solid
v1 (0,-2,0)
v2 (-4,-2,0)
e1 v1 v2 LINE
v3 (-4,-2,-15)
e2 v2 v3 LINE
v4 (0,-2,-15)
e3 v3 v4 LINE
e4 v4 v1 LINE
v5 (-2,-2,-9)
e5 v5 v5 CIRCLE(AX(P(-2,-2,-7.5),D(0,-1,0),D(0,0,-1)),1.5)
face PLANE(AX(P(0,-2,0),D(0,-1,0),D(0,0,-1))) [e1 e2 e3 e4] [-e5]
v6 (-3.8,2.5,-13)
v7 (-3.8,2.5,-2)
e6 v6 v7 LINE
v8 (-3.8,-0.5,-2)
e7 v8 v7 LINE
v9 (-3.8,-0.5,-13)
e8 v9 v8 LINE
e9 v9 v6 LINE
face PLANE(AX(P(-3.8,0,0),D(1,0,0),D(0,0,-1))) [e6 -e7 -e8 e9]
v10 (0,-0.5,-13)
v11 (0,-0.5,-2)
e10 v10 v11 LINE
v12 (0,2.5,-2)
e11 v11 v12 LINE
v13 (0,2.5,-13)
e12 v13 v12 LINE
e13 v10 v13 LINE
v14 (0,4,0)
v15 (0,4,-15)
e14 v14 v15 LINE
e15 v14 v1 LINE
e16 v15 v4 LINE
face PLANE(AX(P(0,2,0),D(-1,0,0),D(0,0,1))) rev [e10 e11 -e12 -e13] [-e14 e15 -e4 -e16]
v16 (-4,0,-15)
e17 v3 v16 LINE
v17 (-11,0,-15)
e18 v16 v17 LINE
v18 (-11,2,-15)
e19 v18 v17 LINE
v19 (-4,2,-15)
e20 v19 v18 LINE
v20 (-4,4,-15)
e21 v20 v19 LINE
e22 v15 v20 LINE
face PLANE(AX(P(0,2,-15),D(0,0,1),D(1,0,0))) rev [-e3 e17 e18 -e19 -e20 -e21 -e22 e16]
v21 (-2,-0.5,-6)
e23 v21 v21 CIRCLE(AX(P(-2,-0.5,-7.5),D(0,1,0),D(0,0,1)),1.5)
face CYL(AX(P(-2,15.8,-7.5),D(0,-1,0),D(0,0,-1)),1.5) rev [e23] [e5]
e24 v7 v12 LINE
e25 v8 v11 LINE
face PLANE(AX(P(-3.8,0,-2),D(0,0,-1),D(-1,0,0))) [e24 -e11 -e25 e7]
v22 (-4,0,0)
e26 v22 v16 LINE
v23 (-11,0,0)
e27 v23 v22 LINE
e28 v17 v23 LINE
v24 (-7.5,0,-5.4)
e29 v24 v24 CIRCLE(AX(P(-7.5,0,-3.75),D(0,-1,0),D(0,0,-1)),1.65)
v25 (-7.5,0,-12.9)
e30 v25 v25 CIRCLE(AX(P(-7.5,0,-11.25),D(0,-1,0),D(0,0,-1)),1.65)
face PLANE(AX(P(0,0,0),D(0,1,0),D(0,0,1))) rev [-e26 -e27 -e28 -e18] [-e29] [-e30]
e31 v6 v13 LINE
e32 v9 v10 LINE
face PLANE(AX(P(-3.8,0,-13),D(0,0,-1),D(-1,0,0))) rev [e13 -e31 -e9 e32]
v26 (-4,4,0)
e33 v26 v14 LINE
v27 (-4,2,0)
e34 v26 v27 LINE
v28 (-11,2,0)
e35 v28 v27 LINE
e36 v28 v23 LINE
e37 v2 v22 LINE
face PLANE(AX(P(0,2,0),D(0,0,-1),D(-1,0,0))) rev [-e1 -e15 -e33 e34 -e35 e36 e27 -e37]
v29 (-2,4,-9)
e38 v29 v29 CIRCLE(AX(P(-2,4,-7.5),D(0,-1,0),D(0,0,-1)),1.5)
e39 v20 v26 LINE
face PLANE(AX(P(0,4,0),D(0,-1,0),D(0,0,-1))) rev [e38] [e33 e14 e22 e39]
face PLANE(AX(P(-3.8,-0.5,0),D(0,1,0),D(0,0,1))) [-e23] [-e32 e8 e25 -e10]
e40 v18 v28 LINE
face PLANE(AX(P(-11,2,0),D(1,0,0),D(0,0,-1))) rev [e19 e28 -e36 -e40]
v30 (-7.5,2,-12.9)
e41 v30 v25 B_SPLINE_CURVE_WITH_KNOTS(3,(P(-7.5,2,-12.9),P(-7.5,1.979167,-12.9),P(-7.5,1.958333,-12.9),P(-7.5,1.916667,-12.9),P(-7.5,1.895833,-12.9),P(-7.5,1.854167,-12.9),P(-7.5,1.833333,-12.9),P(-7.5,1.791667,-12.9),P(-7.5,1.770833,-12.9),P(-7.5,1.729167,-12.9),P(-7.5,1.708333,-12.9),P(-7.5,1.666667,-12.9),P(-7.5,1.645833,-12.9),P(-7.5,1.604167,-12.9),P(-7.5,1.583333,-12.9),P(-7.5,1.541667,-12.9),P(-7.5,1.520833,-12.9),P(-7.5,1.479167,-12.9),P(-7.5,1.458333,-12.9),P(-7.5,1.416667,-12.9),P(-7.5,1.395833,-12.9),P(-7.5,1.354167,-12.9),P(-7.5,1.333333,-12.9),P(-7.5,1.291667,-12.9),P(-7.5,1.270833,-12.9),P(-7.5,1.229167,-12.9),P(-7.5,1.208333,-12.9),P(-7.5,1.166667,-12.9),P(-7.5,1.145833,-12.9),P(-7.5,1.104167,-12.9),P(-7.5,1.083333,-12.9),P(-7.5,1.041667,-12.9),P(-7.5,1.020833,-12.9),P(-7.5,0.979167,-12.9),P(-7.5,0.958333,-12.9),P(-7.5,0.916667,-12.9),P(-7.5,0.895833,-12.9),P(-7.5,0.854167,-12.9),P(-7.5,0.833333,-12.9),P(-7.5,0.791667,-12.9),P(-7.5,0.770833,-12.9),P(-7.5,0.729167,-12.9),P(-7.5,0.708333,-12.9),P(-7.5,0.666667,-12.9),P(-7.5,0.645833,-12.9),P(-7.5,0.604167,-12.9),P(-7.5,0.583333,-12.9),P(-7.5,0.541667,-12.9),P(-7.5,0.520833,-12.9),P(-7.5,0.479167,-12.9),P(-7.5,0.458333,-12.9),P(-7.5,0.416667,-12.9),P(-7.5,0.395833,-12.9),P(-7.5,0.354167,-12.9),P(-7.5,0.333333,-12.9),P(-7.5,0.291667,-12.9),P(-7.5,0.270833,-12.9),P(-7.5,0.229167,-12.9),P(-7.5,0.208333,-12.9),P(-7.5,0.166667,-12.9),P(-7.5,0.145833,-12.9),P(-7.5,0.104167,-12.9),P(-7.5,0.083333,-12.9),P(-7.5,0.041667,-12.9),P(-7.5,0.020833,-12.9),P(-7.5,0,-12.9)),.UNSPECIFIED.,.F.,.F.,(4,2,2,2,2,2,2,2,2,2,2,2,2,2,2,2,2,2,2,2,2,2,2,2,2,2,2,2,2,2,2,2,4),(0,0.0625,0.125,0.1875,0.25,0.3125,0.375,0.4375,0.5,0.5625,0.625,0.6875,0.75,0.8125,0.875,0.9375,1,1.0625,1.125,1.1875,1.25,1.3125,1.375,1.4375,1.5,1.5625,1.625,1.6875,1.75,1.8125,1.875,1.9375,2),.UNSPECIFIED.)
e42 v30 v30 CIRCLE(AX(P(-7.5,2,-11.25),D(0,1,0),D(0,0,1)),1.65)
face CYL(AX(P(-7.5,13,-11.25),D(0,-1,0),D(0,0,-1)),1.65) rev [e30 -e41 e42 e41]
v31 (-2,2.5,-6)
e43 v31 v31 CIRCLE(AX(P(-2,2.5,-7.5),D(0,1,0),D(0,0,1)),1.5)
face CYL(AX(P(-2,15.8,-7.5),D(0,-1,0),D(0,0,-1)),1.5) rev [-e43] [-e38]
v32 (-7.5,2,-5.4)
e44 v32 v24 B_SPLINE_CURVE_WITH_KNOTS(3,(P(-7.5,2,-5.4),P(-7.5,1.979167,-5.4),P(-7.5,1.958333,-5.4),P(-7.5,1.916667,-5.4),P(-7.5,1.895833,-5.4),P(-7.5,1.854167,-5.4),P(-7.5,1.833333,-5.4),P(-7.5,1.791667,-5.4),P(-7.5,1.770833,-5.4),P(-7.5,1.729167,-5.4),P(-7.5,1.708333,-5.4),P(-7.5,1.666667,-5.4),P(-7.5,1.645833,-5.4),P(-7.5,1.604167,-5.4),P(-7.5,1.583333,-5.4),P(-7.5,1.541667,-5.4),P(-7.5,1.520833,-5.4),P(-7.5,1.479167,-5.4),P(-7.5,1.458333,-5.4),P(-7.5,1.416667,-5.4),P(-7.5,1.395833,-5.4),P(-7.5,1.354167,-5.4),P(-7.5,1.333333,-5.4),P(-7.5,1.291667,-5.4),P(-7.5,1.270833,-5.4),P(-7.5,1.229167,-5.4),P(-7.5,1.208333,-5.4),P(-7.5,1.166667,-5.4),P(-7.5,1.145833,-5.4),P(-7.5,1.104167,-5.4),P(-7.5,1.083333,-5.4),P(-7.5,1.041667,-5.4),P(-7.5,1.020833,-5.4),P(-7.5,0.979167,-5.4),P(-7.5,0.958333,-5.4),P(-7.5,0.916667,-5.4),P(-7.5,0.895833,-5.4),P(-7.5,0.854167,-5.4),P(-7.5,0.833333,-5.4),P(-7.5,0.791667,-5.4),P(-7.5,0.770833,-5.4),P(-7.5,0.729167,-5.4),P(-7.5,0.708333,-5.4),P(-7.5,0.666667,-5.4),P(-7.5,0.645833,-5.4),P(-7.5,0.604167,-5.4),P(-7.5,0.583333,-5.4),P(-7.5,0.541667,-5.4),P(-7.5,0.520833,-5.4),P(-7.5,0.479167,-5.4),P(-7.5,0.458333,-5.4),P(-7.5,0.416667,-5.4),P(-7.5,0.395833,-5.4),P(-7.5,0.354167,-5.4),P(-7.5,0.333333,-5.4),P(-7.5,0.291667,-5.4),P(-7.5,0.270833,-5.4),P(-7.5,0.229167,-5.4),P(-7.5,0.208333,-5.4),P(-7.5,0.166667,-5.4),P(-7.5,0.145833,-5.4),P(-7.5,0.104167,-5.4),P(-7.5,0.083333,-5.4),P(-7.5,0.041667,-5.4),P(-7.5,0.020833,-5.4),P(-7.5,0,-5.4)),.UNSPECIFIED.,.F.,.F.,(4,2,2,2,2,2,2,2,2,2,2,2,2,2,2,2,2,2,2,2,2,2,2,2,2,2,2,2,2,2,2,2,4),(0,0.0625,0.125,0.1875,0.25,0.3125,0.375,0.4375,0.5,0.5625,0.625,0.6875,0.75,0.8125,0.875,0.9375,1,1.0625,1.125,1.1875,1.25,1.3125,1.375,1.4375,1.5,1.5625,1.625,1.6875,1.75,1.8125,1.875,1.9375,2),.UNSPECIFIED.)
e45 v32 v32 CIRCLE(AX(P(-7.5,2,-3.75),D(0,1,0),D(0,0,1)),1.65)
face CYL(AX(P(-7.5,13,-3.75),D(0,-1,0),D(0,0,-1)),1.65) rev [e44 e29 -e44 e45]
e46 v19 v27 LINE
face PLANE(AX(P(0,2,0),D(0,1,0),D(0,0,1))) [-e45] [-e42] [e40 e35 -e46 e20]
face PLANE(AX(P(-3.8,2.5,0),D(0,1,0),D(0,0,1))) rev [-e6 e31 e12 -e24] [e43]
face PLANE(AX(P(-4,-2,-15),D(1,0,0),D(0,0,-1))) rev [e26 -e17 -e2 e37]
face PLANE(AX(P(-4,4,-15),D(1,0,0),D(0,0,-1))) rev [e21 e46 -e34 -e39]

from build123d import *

# Parameters (mm, degrees)
SKETCH1_W           = 11
SKETCH1_H           = 15
BOSS_EXTRUDE3_DEPTH = 2
SKETCH2_W           = 4
SKETCH2_H           = 15
BOSS_EXTRUDE4_DEPTH = 2
SKETCH3_W           = 4
SKETCH3_H           = 15
BOSS_EXTRUDE5_DEPTH = 2
SKETCH4_R           = 1.65
CUT_EXTRUDE2_DEPTH  = 13
SKETCH6_W           = 11
SKETCH6_H           = 3
CUT_EXTRUDE4_DEPTH  = 3.8
SKETCH7_R           = 1.5
CUT_EXTRUDE5_DEPTH  = 17.8


with BuildPart() as part:
    # Sketch1 → Boss-Extrude3 (new body)
    with BuildSketch(Plane(origin=(0, 0, 0), x_dir=(1, 0, 0), z_dir=(0, 1, 0))):
        with Locations((-5.5, 7.5)):
            Rectangle(SKETCH1_W, SKETCH1_H)
    extrude(amount=BOSS_EXTRUDE3_DEPTH)

    # Sketch2 → Boss-Extrude4 (add)
    with BuildSketch(Plane(origin=(0, 2, 0), x_dir=(1, 0, 0), z_dir=(0, 1, 0))):
        with Locations((-2, 7.5)):
            Rectangle(SKETCH2_W, SKETCH2_H)
    extrude(amount=BOSS_EXTRUDE4_DEPTH)

    # Sketch3 → Boss-Extrude5 (add)
    with BuildSketch(Plane(origin=(0, 0, 0), x_dir=(-1, 0, 0), z_dir=(0, -1, 0))):
        with Locations((2, 7.5)):
            Rectangle(SKETCH3_W, SKETCH3_H)
    extrude(amount=BOSS_EXTRUDE5_DEPTH)

    # Sketch4 → Cut-Extrude2 (cut)
    with BuildSketch(Plane(origin=(0, 0, 0), x_dir=(-1, 0, 0), z_dir=(0, -1, 0))):
        with Locations(Location((7.5, 11.25, 0), (0, 0, 90))):
            Circle(SKETCH4_R)
        with Locations(Location((7.5, 3.75, 0), (0, 0, 90))):
            Circle(SKETCH4_R)
    extrude(amount=-CUT_EXTRUDE2_DEPTH, mode=Mode.SUBTRACT)

    # Sketch6 → Cut-Extrude4 (cut)
    with BuildSketch(Plane(origin=(0, 0, 0), x_dir=(0, 0, -1), z_dir=(1, 0, 0))):
        with Locations((7.5, 1)):
            Rectangle(SKETCH6_W, SKETCH6_H)
    extrude(amount=-CUT_EXTRUDE4_DEPTH, mode=Mode.SUBTRACT)

    # Sketch7 → Cut-Extrude5 (cut)
    with BuildSketch(Plane(origin=(0, -2, 0), x_dir=(-1, 0, 0), z_dir=(0, -1, 0))):
        with Locations(Location((2, 7.5, 0), (0, 0, 90))):
            Circle(SKETCH7_R)
    extrude(amount=-CUT_EXTRUDE5_DEPTH, mode=Mode.SUBTRACT)


solid = part.part
